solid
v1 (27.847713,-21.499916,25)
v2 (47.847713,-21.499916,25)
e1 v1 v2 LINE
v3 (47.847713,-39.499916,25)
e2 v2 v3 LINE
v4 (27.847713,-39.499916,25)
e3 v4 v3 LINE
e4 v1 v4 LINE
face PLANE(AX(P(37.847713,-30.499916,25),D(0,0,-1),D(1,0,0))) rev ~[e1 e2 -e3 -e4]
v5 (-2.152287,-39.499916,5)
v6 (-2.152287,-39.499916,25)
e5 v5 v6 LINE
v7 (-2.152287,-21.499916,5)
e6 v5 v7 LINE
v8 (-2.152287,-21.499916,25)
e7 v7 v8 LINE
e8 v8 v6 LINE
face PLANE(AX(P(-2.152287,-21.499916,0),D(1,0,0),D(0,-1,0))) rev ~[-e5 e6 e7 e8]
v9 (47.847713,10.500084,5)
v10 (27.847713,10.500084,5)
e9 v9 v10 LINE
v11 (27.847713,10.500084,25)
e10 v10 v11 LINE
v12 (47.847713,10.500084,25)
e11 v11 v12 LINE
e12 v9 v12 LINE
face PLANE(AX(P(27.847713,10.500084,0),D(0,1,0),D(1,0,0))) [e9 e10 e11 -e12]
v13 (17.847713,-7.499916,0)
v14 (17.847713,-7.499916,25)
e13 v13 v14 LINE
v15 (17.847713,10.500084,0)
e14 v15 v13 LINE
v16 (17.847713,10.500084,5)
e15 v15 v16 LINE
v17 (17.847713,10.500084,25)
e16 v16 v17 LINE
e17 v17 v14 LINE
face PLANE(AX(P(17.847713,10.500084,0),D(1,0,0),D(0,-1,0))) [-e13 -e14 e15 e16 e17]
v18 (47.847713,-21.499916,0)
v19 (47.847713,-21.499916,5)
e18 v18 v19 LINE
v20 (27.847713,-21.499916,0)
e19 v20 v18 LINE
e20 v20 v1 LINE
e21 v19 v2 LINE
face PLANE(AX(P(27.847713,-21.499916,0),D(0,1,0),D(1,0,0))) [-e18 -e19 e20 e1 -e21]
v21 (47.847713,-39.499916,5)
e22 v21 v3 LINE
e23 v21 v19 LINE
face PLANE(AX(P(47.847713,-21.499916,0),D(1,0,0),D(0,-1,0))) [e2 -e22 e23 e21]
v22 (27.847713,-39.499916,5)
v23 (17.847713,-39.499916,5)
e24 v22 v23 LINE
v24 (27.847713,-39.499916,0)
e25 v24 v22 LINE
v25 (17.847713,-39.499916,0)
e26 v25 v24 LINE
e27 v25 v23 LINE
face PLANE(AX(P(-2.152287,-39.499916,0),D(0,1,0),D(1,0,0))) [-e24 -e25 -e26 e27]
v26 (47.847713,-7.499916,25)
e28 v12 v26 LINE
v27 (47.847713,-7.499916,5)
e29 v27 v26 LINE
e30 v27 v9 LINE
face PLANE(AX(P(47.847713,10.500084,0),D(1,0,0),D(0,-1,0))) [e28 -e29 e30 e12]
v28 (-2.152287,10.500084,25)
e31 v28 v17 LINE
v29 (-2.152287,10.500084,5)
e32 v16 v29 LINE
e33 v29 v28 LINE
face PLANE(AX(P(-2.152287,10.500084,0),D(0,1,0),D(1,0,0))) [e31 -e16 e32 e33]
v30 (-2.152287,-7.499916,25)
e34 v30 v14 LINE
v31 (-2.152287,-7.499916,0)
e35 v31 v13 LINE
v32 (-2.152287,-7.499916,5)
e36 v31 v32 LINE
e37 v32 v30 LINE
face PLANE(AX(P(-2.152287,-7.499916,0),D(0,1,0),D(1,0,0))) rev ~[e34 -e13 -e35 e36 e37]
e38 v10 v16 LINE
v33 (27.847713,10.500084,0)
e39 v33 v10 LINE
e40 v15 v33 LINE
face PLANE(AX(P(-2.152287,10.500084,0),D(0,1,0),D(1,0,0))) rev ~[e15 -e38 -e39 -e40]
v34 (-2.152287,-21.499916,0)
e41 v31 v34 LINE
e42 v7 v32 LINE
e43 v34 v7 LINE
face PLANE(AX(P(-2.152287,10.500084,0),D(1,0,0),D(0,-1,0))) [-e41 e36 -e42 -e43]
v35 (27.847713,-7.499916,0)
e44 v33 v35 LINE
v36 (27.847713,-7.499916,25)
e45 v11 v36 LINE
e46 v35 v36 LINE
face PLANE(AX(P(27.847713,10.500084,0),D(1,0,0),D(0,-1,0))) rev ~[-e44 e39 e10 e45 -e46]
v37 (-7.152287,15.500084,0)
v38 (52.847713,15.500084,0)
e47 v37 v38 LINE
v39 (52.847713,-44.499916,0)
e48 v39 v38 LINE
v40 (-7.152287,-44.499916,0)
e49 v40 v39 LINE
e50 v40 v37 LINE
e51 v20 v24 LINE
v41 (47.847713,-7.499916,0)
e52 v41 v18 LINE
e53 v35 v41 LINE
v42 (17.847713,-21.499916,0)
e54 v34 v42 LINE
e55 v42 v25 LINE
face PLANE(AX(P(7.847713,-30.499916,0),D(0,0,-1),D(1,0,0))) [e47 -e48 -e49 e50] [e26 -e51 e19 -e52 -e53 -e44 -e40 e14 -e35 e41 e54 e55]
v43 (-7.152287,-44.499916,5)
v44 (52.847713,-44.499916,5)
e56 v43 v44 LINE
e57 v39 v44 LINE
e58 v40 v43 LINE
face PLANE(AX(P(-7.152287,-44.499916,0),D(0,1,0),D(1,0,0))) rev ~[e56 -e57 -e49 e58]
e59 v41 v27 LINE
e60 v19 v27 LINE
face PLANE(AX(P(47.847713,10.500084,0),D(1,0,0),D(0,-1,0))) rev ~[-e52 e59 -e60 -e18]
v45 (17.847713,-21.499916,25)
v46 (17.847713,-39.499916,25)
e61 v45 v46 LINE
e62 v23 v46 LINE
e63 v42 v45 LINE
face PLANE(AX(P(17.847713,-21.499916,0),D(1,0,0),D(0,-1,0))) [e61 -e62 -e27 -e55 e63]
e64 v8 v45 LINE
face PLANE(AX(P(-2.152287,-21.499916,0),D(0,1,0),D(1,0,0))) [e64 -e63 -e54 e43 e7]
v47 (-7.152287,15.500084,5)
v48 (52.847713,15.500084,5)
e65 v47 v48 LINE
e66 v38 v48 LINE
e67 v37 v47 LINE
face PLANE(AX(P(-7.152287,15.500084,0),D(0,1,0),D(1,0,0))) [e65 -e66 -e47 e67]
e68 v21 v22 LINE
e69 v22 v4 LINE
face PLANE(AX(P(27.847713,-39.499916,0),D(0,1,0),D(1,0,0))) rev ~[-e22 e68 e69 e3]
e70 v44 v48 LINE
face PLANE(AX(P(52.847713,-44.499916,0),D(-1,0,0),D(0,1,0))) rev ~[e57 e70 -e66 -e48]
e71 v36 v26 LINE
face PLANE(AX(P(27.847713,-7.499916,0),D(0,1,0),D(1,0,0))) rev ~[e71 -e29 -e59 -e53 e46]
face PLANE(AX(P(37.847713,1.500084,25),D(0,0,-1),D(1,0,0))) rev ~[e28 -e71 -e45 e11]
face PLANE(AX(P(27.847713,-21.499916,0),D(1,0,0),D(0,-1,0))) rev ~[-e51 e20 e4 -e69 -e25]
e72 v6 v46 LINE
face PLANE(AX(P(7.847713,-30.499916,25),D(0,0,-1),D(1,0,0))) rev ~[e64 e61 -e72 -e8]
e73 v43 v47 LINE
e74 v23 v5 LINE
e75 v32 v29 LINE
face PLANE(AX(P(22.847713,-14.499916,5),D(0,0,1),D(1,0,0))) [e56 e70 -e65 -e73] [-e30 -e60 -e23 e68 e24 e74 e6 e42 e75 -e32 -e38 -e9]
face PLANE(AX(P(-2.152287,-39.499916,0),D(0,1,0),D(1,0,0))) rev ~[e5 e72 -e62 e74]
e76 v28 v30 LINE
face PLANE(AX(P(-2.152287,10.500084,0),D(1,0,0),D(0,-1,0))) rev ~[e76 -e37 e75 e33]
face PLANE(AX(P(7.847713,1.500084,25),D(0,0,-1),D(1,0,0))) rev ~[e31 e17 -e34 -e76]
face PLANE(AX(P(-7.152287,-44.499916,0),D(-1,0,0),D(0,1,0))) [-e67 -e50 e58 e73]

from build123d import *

# Parameters (mm, degrees)
SKETCH_W           = 60
SKETCH_H           = 60
PAD_DEPTH          = 5
COPYSKETCH001_W    = 50
COPYSKETCH001_H    = 50
POCKET_DEPTH       = 11
COPYSKETCH002001_W = 20
COPYSKETCH002001_H = 18
PAD001_DEPTH       = 25


with BuildPart() as part:
    # Sketch → Pad (new body)
    with BuildSketch(Plane.XY):
        with Locations((22.847713, -14.499916)):
            Rectangle(SKETCH_W, SKETCH_H)
    extrude(amount=PAD_DEPTH)

    # CopySketch001 → Pocket (cut)
    with BuildSketch(Plane(origin=(0, 0, 0), x_dir=(1, 0, 0), z_dir=(0, 0, -1))):
        with Locations((22.847713, 14.499916)):
            Rectangle(COPYSKETCH001_W, COPYSKETCH001_H)
    extrude(amount=-POCKET_DEPTH, mode=Mode.SUBTRACT)

    # CopySketch002001 → Pad001 (join)
    with BuildSketch(Plane(origin=(0, 0, 0), x_dir=(1, 0, 0), z_dir=(0, 0, -1))):
        with Locations((7.847713, 30.499916)):
            Rectangle(COPYSKETCH002001_W, COPYSKETCH002001_H)
        with Locations((37.847713, 30.499916)):
            Rectangle(COPYSKETCH002001_W, COPYSKETCH002001_H)
        with Locations((37.847713, -1.500084)):
            Rectangle(COPYSKETCH002001_W, COPYSKETCH002001_H)
        with Locations((7.847713, -1.500084)):
            Rectangle(COPYSKETCH002001_W, COPYSKETCH002001_H)
    extrude(amount=-PAD001_DEPTH)


solid = part.part
